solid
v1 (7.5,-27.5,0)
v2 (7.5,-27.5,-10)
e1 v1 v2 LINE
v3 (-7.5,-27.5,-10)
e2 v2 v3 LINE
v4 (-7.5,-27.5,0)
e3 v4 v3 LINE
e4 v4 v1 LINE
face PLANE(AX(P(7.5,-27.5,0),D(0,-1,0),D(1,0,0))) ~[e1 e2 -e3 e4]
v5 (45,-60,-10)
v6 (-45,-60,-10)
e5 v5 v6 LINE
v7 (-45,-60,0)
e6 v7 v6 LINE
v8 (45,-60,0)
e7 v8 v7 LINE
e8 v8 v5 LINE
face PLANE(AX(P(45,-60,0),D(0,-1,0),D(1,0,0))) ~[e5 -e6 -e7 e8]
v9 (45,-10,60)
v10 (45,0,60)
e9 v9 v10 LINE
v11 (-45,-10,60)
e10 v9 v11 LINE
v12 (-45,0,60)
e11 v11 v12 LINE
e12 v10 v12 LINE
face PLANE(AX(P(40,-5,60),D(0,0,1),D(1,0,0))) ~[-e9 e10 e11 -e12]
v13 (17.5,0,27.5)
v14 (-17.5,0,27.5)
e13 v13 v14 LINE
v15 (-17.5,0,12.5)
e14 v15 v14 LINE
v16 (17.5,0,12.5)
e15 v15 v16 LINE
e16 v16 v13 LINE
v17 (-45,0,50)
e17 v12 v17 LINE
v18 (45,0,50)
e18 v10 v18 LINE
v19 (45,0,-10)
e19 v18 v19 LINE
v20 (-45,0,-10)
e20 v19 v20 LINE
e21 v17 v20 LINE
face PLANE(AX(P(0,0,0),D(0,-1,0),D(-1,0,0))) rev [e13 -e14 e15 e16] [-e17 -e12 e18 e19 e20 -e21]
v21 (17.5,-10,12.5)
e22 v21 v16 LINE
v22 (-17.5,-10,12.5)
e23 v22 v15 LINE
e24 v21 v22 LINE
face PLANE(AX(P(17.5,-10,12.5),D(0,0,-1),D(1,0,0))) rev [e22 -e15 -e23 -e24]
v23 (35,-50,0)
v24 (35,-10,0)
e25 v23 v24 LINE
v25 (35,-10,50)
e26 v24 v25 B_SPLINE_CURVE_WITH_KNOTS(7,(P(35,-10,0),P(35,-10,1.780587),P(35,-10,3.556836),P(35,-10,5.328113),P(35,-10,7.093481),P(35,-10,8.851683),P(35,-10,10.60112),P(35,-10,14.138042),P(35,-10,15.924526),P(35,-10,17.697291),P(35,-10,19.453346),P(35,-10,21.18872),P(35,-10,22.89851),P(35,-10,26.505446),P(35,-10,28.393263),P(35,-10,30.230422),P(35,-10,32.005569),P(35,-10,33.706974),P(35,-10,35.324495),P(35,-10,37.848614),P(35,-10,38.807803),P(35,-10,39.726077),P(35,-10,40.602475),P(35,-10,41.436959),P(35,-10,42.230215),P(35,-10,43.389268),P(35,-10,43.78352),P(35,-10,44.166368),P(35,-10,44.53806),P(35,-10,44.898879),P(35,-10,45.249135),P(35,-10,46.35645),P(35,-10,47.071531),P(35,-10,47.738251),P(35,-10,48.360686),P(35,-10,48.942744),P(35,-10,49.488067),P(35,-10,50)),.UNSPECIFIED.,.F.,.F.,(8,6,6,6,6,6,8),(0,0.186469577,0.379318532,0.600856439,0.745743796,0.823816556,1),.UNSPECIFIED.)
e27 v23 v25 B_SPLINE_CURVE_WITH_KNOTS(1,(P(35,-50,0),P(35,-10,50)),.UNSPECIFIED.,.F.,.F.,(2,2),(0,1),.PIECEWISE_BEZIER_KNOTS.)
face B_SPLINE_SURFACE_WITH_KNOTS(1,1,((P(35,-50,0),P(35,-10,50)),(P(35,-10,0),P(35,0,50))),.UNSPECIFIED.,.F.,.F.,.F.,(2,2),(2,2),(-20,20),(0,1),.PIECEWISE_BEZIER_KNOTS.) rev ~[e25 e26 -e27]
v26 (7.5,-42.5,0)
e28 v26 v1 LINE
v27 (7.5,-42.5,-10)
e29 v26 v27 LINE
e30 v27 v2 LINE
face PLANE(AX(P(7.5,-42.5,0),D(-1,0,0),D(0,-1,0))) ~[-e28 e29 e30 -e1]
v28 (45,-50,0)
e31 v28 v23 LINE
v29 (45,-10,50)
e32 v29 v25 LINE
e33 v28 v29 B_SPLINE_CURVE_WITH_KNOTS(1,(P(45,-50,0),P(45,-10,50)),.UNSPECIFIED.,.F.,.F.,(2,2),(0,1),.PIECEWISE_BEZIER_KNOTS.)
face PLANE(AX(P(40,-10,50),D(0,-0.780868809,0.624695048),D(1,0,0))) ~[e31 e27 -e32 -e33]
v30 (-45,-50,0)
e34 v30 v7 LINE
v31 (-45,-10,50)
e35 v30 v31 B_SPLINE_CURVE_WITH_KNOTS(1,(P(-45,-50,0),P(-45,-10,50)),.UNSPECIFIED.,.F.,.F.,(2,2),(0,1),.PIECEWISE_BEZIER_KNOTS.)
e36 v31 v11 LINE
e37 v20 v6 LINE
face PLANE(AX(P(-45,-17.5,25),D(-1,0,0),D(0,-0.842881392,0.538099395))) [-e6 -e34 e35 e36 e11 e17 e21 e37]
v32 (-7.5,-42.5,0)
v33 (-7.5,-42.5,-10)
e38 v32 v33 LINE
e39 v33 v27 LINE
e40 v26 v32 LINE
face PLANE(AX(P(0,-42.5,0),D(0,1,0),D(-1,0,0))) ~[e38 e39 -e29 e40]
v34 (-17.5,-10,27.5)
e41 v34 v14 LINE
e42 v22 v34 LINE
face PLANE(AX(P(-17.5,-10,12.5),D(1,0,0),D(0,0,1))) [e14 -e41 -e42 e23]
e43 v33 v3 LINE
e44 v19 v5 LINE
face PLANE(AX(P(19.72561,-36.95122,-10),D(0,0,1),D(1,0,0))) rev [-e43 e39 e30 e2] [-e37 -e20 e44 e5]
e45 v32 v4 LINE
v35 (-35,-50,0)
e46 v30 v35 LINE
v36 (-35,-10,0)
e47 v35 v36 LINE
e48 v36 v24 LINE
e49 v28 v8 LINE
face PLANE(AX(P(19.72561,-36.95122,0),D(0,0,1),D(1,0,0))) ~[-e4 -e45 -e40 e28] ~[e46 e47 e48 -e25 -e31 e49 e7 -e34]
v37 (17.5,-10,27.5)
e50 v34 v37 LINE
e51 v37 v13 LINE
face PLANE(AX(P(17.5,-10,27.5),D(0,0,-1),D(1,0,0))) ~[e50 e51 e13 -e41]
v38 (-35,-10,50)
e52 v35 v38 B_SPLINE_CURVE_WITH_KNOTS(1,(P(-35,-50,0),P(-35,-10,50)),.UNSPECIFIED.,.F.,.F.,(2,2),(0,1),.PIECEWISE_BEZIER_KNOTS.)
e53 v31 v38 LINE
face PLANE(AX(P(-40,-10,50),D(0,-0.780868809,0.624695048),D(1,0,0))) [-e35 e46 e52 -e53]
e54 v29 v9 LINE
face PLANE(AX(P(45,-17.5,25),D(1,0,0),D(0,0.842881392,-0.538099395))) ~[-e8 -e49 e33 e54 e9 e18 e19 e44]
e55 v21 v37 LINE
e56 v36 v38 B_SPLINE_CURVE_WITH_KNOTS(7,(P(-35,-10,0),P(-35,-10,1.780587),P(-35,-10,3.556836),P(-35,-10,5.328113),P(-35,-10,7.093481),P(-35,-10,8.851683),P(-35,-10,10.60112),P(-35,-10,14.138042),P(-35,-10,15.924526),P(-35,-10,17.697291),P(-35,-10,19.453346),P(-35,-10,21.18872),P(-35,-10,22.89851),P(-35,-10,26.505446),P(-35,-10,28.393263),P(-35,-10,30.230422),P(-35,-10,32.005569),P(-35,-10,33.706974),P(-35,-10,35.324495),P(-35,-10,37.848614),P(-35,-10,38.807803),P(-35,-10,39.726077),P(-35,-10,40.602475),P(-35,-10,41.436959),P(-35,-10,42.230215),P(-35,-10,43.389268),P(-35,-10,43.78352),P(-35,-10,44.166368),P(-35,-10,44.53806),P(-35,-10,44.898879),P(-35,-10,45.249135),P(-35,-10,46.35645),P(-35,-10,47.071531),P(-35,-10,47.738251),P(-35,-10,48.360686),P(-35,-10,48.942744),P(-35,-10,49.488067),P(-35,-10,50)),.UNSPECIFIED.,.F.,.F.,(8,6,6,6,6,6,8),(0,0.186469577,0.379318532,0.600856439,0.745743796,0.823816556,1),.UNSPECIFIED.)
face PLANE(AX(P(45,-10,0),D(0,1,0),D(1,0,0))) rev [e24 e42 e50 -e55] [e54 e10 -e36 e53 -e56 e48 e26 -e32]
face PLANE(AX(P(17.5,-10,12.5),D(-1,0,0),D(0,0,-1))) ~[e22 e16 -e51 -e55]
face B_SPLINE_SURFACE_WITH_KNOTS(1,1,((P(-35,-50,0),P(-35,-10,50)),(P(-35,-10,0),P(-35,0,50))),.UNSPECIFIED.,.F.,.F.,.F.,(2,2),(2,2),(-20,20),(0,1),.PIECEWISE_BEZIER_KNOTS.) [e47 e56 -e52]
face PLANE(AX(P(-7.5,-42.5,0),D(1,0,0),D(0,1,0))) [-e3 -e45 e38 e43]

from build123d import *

# Parameters (mm, degrees)
F0_W     = 10
F0_H     = 40
F0_H_2   = 10
F0_W_2   = 35
F1_DEPTH = 10
F2_DEPTH = 60
F4_W     = 10
F4_H     = 10
F6_W     = 17.5
F6_H     = 15
F7_DEPTH = 25


with BuildPart() as f1:
    # F0 (on Top) → F1 (new body)
    with BuildSketch(Plane.XY):
        Polygon((0, -10), (-35, -10), (-35, -50), (-45, -50), (-45, -60), (0, -60), (0, -42.5), (-7.5, -42.5), (-7.5, -27.5), (0, -27.5), align=None)
        with Locations((-40, -30)):
            Rectangle(F0_W, F0_H)
        with Locations((-40, -5)):
            Rectangle(F0_W, F0_H_2)
        with Locations((-17.5, -5)):
            Rectangle(F0_W_2, F0_H_2)
    extrude(amount=-F1_DEPTH)

    # F0 (on Top) → F2 (join)
    with BuildSketch(Plane.XY):
        with Locations((-40, -5)):
            Rectangle(F0_W, F0_H_2)
        with Locations((-17.5, -5)):
            Rectangle(F0_W_2, F0_H_2)
    extrude(amount=F2_DEPTH)

    # F0 (on Top) → F5 section 0
    with BuildSketch(Plane.XY):
        with Locations((-40, -30)):
            Rectangle(F0_W, F0_H)
    # F4 (on offset) → F5 section 1
    with BuildSketch(Plane.XY.offset(50)):
        with Locations((-40, -5)):
            Rectangle(F4_W, F4_H)
    loft()

    # F6 (on face) → F7 (cut)
    with BuildSketch(Plane.XZ.offset(10)):
        with Locations((-8.75, 20)):
            Rectangle(F6_W, F6_H)
    extrude(amount=-F7_DEPTH, mode=Mode.SUBTRACT)

    # F8: F1 across plane


with BuildPart() as f1_1:
    add(f1.part)
    add(f1.part.mirror(Plane.YZ))


solid = f1_1.part
